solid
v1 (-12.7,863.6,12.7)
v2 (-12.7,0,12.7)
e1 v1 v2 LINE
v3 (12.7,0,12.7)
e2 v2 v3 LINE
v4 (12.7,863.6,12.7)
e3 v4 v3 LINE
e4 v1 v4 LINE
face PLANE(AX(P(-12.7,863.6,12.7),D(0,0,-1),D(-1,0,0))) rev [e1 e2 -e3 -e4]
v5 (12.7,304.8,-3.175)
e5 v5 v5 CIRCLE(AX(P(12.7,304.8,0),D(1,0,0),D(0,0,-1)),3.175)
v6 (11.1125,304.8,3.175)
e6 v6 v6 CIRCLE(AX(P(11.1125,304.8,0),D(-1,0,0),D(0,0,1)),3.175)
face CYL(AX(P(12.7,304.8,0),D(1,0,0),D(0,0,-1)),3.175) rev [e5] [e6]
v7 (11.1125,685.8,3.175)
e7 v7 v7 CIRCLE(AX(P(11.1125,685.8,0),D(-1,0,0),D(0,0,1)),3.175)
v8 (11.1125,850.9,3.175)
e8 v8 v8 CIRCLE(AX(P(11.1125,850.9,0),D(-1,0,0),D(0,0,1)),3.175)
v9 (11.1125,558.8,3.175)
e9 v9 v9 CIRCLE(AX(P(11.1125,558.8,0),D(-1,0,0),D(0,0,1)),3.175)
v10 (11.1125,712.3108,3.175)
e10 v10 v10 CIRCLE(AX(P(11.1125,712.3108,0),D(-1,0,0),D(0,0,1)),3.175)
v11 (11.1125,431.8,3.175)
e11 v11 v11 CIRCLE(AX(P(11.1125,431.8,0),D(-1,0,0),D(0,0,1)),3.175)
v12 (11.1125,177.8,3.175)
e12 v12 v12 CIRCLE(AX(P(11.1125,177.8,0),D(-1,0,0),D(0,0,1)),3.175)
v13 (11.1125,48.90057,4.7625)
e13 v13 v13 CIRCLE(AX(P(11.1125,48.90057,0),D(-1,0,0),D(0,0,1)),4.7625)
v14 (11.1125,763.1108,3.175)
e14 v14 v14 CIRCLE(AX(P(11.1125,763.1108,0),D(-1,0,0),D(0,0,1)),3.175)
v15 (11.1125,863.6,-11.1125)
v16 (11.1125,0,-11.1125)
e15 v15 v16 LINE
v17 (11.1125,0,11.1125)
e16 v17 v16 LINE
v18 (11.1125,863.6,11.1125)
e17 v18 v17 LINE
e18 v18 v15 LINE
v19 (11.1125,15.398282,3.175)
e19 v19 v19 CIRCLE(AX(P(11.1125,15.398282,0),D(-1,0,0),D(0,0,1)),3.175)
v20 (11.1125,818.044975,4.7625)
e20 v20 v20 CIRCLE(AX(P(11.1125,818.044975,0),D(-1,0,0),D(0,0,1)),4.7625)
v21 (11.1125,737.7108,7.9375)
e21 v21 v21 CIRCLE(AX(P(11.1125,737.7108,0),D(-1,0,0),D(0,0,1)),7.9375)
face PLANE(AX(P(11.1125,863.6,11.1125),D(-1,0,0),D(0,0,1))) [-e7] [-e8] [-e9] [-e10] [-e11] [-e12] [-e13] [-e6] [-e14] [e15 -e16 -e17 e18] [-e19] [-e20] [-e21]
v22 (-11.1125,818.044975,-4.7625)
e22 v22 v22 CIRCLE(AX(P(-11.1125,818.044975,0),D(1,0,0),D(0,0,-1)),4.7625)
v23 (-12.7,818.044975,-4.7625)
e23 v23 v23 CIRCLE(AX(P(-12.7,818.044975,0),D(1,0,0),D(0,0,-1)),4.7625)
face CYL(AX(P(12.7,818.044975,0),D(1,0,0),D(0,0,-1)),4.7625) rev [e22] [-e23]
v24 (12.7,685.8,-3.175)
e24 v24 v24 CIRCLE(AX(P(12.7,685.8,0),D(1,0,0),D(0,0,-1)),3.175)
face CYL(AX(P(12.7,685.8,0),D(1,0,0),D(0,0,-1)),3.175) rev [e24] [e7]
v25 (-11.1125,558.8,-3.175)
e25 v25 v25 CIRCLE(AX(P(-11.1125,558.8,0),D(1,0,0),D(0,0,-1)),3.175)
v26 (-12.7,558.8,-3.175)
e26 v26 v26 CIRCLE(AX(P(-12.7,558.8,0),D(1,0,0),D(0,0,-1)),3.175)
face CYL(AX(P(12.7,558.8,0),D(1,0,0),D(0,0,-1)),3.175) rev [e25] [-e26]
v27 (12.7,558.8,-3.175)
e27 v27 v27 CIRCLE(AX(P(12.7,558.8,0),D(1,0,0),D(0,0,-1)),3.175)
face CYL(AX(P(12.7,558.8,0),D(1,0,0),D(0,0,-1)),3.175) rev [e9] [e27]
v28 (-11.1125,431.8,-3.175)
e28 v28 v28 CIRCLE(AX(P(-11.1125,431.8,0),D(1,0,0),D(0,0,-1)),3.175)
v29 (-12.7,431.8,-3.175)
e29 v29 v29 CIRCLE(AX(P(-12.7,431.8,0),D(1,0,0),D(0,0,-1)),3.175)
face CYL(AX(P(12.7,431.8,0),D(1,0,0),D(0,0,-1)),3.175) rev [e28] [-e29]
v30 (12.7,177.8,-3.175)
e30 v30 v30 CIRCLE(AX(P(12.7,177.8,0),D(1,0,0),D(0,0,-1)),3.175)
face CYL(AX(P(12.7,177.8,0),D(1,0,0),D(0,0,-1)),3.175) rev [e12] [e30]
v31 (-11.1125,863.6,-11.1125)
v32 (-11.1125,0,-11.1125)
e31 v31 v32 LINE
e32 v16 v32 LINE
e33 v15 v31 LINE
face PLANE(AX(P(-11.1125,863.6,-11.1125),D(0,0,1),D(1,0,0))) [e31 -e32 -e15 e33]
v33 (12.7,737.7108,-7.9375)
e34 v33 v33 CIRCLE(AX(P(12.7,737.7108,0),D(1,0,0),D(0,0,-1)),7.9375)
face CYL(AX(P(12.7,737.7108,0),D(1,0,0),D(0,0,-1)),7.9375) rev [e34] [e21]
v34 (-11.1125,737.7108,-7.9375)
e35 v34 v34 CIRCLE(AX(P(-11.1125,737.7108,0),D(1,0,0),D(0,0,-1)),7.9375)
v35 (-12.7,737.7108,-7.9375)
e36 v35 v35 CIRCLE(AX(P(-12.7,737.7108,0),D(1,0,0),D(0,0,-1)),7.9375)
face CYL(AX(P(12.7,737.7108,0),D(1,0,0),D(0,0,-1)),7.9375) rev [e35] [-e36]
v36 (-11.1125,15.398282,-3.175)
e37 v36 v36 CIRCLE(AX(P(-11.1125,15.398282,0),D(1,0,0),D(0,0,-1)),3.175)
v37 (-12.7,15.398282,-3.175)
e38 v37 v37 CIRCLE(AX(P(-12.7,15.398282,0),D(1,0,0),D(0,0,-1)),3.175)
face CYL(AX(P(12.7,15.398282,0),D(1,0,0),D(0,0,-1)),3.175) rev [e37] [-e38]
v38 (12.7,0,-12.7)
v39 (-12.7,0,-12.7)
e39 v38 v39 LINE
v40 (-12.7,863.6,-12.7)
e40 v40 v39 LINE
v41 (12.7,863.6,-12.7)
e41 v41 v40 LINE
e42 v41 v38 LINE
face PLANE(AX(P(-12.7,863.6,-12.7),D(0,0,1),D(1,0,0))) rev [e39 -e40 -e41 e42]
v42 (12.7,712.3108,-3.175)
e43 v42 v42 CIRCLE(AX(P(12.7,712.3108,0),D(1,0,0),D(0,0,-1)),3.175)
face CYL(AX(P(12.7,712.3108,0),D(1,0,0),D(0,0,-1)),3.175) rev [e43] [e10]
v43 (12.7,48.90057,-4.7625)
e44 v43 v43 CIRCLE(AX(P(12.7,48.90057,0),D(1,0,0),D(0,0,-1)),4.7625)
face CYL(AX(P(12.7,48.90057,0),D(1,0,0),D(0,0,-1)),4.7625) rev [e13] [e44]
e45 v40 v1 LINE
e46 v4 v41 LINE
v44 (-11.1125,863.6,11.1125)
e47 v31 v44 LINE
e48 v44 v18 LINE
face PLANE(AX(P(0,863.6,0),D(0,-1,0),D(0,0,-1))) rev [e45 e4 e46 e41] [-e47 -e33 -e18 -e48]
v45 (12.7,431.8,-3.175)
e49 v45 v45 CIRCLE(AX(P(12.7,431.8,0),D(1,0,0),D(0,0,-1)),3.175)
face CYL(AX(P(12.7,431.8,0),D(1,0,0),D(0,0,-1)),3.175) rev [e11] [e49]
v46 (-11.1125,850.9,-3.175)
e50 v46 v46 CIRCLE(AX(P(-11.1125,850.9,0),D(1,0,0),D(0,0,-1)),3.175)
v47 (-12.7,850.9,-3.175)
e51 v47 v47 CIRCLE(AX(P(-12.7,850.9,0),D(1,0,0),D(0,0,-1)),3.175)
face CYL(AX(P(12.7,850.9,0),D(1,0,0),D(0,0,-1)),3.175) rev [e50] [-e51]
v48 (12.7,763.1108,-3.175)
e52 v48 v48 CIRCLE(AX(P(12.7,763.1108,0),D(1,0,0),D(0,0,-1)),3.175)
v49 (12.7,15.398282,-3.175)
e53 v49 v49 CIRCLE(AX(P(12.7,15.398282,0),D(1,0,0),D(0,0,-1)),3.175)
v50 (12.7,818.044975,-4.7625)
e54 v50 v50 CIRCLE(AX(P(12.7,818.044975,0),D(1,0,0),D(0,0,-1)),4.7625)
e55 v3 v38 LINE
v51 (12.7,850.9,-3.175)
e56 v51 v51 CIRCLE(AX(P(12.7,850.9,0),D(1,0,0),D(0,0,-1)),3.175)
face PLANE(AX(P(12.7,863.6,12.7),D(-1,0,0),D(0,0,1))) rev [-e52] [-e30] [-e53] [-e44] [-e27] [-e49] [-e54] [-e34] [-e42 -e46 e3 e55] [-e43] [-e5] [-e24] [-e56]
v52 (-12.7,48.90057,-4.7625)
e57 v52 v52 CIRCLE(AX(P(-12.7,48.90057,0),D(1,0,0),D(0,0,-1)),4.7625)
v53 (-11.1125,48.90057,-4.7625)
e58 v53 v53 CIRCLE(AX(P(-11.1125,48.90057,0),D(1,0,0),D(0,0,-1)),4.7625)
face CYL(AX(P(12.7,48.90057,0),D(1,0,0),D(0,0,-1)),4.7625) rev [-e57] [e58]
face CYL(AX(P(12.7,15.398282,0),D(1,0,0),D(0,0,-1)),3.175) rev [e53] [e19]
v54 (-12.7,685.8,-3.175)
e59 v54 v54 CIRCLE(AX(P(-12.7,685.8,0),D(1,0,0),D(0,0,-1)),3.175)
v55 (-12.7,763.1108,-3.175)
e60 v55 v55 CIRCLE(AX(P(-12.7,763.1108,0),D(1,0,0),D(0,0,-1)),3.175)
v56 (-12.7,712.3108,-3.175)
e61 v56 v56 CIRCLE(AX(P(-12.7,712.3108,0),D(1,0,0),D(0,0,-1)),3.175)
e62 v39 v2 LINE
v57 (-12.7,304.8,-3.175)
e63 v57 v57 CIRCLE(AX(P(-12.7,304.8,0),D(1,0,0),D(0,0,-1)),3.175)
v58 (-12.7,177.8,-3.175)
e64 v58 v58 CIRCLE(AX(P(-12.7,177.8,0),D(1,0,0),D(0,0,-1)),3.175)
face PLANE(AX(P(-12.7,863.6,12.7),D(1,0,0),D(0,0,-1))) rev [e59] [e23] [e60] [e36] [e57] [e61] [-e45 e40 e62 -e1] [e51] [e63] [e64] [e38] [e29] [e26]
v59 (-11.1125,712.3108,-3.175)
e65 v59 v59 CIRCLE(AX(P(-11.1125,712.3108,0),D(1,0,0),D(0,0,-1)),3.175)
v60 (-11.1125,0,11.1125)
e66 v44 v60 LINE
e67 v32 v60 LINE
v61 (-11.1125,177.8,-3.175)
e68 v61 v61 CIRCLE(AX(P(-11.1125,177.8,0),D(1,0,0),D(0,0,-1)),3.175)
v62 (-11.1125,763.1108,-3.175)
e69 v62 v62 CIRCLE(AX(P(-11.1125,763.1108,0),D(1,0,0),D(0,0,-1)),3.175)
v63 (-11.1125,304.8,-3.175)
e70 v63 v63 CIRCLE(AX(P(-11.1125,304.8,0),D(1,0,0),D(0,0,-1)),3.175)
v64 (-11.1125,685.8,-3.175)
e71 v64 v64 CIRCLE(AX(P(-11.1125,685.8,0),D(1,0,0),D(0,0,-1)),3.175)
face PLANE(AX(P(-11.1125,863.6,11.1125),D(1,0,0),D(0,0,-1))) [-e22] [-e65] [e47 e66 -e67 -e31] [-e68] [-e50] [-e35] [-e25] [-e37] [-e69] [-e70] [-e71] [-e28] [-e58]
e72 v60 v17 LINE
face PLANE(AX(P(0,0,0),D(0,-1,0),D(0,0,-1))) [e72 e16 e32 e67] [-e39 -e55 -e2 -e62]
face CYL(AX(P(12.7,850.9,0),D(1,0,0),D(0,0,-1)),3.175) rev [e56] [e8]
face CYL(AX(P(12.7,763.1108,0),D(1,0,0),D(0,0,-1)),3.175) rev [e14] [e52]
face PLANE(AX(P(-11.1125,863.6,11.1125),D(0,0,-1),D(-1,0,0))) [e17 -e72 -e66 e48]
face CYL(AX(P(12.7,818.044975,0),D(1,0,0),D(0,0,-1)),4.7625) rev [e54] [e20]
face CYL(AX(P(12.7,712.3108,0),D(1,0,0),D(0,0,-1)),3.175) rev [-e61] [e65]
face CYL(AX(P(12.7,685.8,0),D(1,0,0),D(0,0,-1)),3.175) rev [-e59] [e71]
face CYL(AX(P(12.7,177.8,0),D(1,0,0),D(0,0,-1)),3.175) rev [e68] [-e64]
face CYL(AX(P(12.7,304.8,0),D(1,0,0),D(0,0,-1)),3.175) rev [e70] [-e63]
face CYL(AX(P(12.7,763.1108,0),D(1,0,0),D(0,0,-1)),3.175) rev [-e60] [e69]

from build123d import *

# Parameters (mm, degrees)
SKETCH1_W                    = 25.4
SKETCH1_H                    = 25.4
SKETCH1_W_2                  = 22.225
SKETCH1_H_2                  = 22.225
BOSS_EXTRUDE1_DEPTH          = 863.6
F_1_4_0_25_DIAMETER_HOLE1_D  = 6.35
F_3_8_0_375_DIAMETER_HOLE1_D = 9.525
F_5_8_0_625_DIAMETER_HOLE1_D = 15.875
F_1_4_0_25_DIAMETER_HOLE2_D  = 6.35


with BuildPart() as part:
    # Sketch1 → Boss-Extrude1 (new body)
    with BuildSketch(Plane(origin=(0, 0, 0), x_dir=(1, 0, 0), z_dir=(0, 1, 0))):
        Rectangle(SKETCH1_W, SKETCH1_H)
        Rectangle(SKETCH1_W_2, SKETCH1_H_2, mode=Mode.SUBTRACT)
    extrude(amount=BOSS_EXTRUDE1_DEPTH)

    # 1/4 (0.25) Diameter Hole1 (through all)
    with Locations(Plane(origin=(12.7, 0, 0), x_dir=(0, 0, -1), z_dir=(1, 0, 0))):
        with Locations((0, 177.8), (0, 850.9), (0, 15.398282467), (0, 431.8), (0, 558.8), (0, 685.8), (0, 304.8)):
            Hole(F_1_4_0_25_DIAMETER_HOLE1_D / 2)

    # 3/8 (0.375) Diameter Hole1 (through all)
    with Locations(Plane(origin=(12.7, 0, 0), x_dir=(0, 0, -1), z_dir=(1, 0, 0))):
        with Locations((0, 48.900570065), (0, 818.04497499)):
            Hole(F_3_8_0_375_DIAMETER_HOLE1_D / 2)

    # 5/8 (0.625) Diameter Hole1 (through all)
    with Locations(Plane(origin=(12.7, 0, 0), x_dir=(0, 0, -1), z_dir=(1, 0, 0))):
        with Locations((0, 737.710800359)):
            Hole(F_5_8_0_625_DIAMETER_HOLE1_D / 2)

    # 1/4 (0.25) Diameter Hole2 (through all)
    with Locations(Plane(origin=(12.7, 0, 0), x_dir=(0, 0, -1), z_dir=(1, 0, 0))):
        with Locations((0, 712.310800359), (0, 763.110800359)):
            Hole(F_1_4_0_25_DIAMETER_HOLE2_D / 2)


solid = part.part
